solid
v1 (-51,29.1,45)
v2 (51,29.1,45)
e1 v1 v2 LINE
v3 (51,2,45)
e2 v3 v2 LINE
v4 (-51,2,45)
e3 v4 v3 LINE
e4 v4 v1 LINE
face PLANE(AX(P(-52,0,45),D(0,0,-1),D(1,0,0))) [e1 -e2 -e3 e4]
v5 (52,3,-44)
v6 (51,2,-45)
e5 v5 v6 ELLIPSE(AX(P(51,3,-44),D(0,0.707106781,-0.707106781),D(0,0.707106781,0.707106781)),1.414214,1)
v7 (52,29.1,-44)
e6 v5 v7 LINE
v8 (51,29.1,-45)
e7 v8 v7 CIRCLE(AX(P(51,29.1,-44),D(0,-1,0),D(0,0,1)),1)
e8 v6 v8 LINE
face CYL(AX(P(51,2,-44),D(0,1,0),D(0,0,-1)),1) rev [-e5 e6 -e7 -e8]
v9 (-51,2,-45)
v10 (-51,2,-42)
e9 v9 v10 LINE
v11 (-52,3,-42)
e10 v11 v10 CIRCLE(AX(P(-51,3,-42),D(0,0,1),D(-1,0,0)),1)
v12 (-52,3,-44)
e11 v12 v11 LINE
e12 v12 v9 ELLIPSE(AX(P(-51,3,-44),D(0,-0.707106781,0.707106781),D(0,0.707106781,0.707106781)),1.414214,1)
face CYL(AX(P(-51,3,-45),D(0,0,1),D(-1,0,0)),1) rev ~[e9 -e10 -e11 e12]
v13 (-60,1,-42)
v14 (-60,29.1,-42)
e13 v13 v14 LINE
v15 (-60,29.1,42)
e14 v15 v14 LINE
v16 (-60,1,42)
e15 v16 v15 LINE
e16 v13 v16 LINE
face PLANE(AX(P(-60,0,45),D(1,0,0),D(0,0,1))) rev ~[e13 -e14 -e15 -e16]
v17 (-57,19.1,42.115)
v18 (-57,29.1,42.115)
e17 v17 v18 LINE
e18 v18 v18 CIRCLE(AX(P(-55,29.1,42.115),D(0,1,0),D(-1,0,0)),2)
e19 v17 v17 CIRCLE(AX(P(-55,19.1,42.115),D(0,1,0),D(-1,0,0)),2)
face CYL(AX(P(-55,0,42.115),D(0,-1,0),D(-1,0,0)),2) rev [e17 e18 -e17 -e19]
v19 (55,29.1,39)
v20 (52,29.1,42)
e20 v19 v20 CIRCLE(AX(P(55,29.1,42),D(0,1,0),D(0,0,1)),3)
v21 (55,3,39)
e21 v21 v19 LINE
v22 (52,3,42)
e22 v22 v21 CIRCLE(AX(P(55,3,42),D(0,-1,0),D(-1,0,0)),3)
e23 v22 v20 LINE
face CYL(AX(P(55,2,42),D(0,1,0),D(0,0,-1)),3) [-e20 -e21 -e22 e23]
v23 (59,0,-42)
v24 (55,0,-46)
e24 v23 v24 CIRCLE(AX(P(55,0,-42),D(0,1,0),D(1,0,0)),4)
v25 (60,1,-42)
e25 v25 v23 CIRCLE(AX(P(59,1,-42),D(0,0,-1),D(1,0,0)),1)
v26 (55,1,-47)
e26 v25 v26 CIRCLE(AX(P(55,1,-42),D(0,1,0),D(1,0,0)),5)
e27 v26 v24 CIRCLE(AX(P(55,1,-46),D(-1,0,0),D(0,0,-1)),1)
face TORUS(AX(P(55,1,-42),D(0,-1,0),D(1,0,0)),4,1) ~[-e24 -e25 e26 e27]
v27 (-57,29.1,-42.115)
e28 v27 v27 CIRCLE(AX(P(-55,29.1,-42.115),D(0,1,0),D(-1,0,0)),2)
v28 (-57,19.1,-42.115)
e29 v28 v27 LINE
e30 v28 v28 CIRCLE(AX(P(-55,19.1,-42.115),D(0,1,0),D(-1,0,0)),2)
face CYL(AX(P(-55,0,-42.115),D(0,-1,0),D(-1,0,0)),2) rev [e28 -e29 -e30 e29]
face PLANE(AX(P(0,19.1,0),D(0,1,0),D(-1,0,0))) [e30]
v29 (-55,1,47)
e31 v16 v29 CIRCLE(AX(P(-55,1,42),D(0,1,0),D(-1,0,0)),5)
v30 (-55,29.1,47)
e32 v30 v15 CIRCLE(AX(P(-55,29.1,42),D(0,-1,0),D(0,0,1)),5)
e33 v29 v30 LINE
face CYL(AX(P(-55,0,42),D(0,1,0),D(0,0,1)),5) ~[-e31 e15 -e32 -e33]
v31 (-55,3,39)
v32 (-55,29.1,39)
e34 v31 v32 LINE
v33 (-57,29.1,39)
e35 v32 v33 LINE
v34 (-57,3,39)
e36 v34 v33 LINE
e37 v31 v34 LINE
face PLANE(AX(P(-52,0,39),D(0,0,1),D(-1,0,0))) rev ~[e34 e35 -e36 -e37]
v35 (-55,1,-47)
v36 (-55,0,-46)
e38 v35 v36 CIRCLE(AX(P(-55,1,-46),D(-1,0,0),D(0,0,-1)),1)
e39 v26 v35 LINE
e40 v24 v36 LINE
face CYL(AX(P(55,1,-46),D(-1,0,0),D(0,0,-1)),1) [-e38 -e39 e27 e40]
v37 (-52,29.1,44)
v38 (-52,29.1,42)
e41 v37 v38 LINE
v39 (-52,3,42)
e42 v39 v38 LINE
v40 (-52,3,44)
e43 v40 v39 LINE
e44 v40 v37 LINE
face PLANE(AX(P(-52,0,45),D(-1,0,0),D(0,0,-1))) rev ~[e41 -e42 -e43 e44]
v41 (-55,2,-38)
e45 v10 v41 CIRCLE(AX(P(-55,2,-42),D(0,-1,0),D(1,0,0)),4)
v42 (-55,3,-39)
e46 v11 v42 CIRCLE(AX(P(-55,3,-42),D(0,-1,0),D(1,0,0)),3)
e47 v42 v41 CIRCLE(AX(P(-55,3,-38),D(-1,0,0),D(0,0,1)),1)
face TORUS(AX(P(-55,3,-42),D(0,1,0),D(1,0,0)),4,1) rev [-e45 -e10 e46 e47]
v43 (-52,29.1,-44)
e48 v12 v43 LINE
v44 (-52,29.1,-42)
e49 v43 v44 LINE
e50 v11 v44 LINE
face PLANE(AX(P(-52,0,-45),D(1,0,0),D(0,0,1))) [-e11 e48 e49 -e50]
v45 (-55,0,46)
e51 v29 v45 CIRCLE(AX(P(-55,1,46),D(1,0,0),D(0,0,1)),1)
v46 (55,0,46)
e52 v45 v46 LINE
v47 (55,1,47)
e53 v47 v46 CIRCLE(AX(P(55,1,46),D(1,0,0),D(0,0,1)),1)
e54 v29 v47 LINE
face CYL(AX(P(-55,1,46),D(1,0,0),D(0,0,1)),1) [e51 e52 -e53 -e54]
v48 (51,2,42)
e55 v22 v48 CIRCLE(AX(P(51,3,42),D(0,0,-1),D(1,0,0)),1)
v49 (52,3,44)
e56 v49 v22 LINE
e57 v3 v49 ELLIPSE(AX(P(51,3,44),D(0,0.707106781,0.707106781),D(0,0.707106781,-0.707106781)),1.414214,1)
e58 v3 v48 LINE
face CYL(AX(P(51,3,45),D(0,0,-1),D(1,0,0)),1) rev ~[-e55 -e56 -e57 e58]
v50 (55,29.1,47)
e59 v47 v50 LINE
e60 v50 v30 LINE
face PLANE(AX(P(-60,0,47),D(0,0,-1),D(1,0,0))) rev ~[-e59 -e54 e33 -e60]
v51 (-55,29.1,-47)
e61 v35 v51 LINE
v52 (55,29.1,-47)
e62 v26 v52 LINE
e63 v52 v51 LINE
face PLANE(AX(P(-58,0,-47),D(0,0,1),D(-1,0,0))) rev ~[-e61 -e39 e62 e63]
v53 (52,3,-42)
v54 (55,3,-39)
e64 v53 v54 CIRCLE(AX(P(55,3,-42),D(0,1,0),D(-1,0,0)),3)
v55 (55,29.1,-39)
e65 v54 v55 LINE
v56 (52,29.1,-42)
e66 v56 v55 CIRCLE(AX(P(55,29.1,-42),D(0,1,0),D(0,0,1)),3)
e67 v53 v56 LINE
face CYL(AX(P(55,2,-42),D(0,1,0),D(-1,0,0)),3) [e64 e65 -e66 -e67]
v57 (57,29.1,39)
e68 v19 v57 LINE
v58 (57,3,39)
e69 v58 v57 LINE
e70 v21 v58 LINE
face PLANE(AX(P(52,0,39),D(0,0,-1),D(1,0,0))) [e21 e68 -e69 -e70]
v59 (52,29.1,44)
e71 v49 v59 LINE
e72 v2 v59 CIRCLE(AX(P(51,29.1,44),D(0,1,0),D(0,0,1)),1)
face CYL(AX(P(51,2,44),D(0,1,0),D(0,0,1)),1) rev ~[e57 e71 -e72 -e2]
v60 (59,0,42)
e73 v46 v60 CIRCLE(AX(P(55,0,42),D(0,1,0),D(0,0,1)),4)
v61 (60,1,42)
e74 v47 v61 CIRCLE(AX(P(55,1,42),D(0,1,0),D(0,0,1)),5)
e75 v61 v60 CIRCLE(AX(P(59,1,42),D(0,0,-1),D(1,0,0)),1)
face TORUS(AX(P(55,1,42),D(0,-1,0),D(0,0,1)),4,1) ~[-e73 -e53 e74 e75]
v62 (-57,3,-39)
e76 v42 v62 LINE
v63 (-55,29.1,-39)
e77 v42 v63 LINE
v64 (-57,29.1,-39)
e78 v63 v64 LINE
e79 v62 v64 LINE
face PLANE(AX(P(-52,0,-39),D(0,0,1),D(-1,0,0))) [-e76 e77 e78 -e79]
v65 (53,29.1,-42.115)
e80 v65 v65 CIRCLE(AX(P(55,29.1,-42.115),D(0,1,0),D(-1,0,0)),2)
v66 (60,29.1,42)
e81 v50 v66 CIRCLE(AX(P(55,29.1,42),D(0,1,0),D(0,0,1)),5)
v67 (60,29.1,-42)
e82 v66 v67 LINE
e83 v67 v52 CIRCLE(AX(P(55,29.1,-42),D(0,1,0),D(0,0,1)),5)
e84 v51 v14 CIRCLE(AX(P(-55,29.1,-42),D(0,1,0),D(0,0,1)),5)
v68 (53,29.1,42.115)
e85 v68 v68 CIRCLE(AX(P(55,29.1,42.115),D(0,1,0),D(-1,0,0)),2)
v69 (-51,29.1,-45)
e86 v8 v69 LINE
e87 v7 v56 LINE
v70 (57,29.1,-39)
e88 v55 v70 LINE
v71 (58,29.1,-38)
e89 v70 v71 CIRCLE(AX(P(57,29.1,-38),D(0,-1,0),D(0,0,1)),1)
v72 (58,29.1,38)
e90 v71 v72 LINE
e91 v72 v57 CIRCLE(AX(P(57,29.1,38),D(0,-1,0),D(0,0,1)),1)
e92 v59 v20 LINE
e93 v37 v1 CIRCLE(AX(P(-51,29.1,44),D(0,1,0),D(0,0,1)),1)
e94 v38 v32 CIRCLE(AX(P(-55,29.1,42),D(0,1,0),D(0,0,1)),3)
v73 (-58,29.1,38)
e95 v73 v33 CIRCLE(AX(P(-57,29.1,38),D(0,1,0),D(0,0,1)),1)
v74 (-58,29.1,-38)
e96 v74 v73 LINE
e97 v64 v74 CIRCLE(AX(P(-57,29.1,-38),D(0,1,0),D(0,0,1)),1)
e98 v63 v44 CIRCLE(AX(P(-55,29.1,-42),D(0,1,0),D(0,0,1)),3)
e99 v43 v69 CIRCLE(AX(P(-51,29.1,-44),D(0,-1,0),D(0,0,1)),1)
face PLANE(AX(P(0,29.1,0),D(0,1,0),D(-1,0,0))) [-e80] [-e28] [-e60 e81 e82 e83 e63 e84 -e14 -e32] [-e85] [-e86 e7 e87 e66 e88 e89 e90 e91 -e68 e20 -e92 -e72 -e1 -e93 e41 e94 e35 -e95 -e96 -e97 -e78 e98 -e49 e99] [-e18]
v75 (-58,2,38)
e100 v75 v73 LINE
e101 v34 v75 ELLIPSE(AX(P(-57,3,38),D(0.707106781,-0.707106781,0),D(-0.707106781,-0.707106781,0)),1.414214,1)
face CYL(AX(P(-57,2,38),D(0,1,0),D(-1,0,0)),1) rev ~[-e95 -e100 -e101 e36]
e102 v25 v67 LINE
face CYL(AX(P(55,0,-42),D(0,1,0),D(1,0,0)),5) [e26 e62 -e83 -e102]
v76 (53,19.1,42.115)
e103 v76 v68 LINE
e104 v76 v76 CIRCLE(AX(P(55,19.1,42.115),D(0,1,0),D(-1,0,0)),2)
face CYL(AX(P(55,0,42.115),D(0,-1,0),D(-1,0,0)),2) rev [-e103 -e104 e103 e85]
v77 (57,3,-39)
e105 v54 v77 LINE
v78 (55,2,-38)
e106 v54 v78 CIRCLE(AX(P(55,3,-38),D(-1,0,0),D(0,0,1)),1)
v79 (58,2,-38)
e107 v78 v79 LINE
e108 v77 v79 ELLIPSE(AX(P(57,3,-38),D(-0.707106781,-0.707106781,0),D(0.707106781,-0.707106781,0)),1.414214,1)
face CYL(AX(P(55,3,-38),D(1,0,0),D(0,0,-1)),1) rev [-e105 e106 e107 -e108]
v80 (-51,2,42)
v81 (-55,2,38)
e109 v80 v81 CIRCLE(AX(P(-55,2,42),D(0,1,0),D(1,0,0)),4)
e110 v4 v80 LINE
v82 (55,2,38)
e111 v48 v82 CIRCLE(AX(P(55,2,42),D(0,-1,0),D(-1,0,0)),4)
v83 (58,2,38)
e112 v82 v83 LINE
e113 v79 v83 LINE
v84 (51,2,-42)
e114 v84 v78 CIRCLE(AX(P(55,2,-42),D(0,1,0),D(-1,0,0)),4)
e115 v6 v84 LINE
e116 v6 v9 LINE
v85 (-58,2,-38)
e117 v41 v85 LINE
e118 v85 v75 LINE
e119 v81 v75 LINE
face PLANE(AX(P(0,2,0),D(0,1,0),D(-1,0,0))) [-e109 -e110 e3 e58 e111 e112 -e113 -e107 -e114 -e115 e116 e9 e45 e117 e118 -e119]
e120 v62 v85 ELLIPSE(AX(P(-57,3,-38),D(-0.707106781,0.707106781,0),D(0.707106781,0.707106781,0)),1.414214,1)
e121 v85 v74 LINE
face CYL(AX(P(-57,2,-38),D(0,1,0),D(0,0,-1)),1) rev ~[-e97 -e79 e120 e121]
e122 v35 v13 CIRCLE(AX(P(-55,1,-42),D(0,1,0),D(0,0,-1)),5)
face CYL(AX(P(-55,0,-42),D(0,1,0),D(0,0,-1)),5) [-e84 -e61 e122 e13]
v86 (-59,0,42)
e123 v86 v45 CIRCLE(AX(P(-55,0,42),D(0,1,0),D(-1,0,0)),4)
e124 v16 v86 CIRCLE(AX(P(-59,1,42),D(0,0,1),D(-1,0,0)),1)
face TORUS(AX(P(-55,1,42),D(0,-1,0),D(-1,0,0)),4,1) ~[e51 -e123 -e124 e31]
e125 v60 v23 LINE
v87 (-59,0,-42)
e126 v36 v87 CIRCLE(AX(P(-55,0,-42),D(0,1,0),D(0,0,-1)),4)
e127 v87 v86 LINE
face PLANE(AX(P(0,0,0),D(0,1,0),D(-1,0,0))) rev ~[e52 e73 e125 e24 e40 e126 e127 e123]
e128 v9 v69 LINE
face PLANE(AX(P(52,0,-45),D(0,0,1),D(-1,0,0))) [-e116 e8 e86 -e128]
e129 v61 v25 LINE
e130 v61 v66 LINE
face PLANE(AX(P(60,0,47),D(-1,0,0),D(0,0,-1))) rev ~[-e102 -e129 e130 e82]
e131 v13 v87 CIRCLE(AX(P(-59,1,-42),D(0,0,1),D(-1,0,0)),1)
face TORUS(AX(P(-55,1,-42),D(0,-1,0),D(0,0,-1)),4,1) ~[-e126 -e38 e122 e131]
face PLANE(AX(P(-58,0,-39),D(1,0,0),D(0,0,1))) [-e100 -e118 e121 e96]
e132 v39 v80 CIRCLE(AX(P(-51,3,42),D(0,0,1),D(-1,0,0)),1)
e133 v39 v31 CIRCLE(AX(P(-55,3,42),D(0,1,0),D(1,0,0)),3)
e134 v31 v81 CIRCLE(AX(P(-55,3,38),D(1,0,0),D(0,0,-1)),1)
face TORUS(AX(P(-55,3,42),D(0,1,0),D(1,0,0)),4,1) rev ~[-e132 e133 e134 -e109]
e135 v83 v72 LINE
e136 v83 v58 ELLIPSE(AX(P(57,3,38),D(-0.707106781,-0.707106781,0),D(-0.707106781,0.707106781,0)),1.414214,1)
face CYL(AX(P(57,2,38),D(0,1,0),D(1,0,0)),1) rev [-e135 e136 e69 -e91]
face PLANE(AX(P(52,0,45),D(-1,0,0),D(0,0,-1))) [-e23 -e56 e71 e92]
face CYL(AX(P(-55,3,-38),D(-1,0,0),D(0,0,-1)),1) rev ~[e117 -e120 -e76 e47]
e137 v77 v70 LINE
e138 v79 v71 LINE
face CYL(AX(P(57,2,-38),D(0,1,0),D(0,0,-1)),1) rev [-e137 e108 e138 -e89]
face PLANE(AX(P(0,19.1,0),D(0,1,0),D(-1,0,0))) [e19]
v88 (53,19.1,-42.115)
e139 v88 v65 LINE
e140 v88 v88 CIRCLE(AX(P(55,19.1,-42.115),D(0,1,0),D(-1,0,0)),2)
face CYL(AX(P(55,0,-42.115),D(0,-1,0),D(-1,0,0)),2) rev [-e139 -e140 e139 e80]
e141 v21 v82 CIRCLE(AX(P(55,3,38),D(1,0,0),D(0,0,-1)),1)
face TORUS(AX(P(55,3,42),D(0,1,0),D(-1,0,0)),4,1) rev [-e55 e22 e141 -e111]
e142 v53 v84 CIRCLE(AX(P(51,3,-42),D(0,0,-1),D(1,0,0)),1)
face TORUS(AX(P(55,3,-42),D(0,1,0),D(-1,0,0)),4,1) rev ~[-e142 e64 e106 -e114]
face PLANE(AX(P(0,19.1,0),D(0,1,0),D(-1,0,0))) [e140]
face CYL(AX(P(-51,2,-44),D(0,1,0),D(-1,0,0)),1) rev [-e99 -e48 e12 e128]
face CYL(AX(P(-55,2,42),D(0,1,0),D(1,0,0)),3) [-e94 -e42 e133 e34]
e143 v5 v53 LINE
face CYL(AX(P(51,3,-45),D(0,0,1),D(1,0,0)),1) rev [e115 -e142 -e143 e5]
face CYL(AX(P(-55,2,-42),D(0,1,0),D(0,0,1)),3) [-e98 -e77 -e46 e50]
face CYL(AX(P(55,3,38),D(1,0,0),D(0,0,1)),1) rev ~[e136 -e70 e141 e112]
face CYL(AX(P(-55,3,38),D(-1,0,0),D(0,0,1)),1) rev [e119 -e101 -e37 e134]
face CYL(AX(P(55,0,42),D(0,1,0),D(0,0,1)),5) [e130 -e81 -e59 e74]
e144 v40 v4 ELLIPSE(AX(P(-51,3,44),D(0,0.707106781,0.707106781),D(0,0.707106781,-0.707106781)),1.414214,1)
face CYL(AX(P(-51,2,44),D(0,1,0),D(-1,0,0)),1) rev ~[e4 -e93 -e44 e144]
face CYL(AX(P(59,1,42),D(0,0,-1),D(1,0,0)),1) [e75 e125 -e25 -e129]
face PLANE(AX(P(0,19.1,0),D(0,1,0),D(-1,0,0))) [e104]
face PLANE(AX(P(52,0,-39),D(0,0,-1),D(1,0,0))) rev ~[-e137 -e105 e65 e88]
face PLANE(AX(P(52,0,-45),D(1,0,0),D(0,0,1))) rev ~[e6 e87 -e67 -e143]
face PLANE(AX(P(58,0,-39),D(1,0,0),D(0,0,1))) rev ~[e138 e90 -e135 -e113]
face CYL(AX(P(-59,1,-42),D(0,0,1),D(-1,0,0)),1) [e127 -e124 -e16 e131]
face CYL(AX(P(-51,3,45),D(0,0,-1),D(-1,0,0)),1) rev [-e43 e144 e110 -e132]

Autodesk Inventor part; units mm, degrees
ref_plane "YZ Plane" through (0, 0, 0) normal (1, 0, 0) x (0, 1, 0)
ref_plane "XZ Plane" through (0, 0, 0) normal (0, 1, 0) x (-1, 0, 0)
ref_plane "XY Plane" through (0, 0, 0) normal (0, 0, 1) x (1, 0, 0)
sketch "Esquisse1" plane through (0, 0, 0) normal (0, 1, 0) x (-1, 0, 0)
  line L0 (60, 47) -> (-60, 47)
  line L1 (-60, 47) -> (-60, -47)
  line L2 (-60, -47) -> (60, -47)
  line L3 (60, -47) -> (60, 47)
  line L4 (60, 47) -> (-60, -47) construction
  line L5 (-60, 47) -> (60, -47) construction
  line L6 (60, -47) -> (52, -47)
  line L7 (52, -47) -> (52, -39)
  line L8 (52, -39) -> (60, -39)
  line L9 (60, -39) -> (60, -47)
  line L10 (-60, -47) -> (-52, -47)
  line L11 (-52, -47) -> (-52, -39)
  line L12 (-52, -39) -> (-60, -39)
  line L13 (-60, -39) -> (-60, -47)
  line L14 (60, 47) -> (52, 47)
  line L15 (52, 47) -> (52, 39)
  line L16 (52, 39) -> (60, 39)
  line L17 (60, 39) -> (60, 47)
  line L18 (-60, 47) -> (-52, 47)
  line L19 (-52, 47) -> (-52, 39)
  line L20 (-52, 39) -> (-60, 39)
  line L21 (-60, 39) -> (-60, 47)
  circle A0 centre (-55, -42.115) radius 2
  line L22 (0, -47.6968) -> (0, 50.167) construction
  line L23 (81.8074, 0) -> (-86.221, 0) construction
  circle A1 centre (55, -42.115) radius 2
  circle A2 centre (-55, 42.115) radius 2
  circle A3 centre (55, 42.115) radius 2
  line L24 (58, -47) -> (58, 47)
  line L25 (60, 45) -> (-60, 45)
  line L26 (-60, -45) -> (60, -45)
  line L27 (-58, -47) -> (-58, 47)
  point P0 (0, 0)
  point P1 (-58, 39)
  point P2 (-58, -39)
  point P3 (-52, -45)
  point P4 (52, -45)
  point P5 (58, -39)
  point P6 (58, 39)
  point P7 (52, 45)
  point P8 (-52, 45)
  dimension "d0" = 120
  dimension "d1" = 94
  dimension "d2" = 8
  dimension "d3" = 8
  dimension "d4" = 8
  dimension "d5" = 8
  dimension "d6" = 8
  dimension "d8" = 4
  dimension "d9" = 55
  dimension "d10" = 42.115
  dimension "d11" = 8
  dimension "d12" = 2
  dimension "d13" = 2
  dimension "d14" = 2
  dimension "d15" = 2
extrude "Extrusion1" add sketch "Esquisse1" along normal blind 2 contours L15 L16 L24 L8 L7 L26 L11 L12 L27 L20 L19 L25
extrude "Extrusion2" add sketch "Esquisse1" along normal blind 29.1 contours L3 L25 L24 L0 | L24 L25 L15 L0 | L3 L16 L24 L25 | L15 L25 L19 L0 | L24 L16 L15 L25 | L3 L8 L24 L16 | L19 L25 L27 L0 | L3 L26 L24 L8 | L27 L25 L1 L0 | L19 L20 L27 L25 | L24 L26 L7 L8 | L3 L2 L24 L26 | L27 L20 L1 L25 | L24 L2 L7 L26 | L27 L12 L1 L20 | L7 L2 L11 L26 | L27 L26 L1 L12 | L12 L11 L26 L27 | L11 L2 L27 L26 | L27 L2 L1 L26
fillet "Congé1" radius 5 4 edges at (-60, 14.55, 47) (-60, 14.55, -47) (60, 14.55, -47) (60, 14.55, 47)
fillet "Congé2" radius 3 4 edges at (-52, 15.55, -39) (-52, 15.55, 39) (52, 15.55, -39) (52, 15.55, 39)
fillet "Congé3" radius 1 16 edges at (-58, 15.55, -39) (-52, 15.55, -45) (-52, 2, -43.5) (-56.5, 2, -39) (56.5, 2, -39) (52, 2, -43.5) (52, 15.55, -45) (58, 15.55, -39) (58, 15.55, 39) (52, 15.55, 45) (52, 2, 43.5) (56.5, 2, 39) (-56.5, 2, 39) (-52, 2, 43.5) (-58, 15.55, 39) (-52, 15.55, 45)
extrude "Extrusion3" add sketch "Esquisse1" along normal blind 19.1 contours A0 | A1 | A2 | A3
thread "Filetage1" size "M4x0.7" class "6H" standard "ANSI Metric M Profile" length 40
thread "Filetage2" size "M4x0.7" class "6H" standard "ANSI Metric M Profile" length 40
thread "Filetage3" size "M4x0.7" class "6H" standard "ANSI Metric M Profile" length 40
thread "Filetage4" size "M4x0.7" class "6H" standard "ANSI Metric M Profile" length 40
fillet "Congé4" radius 1 4 edges at (0, 0, 47) (60, 0, 0) (0, 0, -47) (-60, 0, 0)
sketch "Esquisse2" plane through (0, 29.1, 0) normal (0, 1, 0) x (1, 0, 0)
  arc A0 (55, -47) -> (60, -42) centre (55, -42) ccw projected
  line L0 (60, -42) -> (60, 42) projected
  arc A1 (60, 42) -> (55, 47) centre (55, 42) ccw projected
  line L1 (55, 47) -> (-55, 47) projected
  arc A2 (-55, 47) -> (-60, 42) centre (-55, 42) ccw projected
  line L2 (-60, 42) -> (-60, -42) projected
  arc A3 (-60, -42) -> (-55, -47) centre (-55, -42) ccw projected
  line L3 (-55, -47) -> (55, -47) projected
  circle A4 centre (55, 42.115) radius 2 projected
  circle A5 centre (55, -42.115) radius 2 projected
  circle A6 centre (-55, 42.115) radius 2 projected
  circle A7 centre (-55, -42.115) radius 2 projected
  arc A8 (55, -39) -> (52, -42) centre (55, -42) ccw projected
  line L4 (52, -42) -> (52, -44) projected
  arc A9 (51, -45) -> (52, -44) centre (51, -44) ccw projected
  line L5 (51, -45) -> (-51, -45) projected
  arc A10 (-52, -44) -> (-51, -45) centre (-51, -44) ccw projected
  line L6 (-52, -44) -> (-52, -42) projected
  arc A11 (-52, -42) -> (-55, -39) centre (-55, -42) ccw projected
  line L7 (-55, -39) -> (-57, -39) projected
  arc A12 (-58, -38) -> (-57, -39) centre (-57, -38) ccw projected
  line L8 (-58, -38) -> (-58, 38) projected
  arc A13 (-57, 39) -> (-58, 38) centre (-57, 38) ccw projected
  line L9 (-57, 39) -> (-55, 39) projected
  arc A14 (-55, 39) -> (-52, 42) centre (-55, 42) ccw projected
  line L10 (-52, 42) -> (-52, 44) projected
  arc A15 (-51, 45) -> (-52, 44) centre (-51, 44) ccw projected
  line L11 (-51, 45) -> (51, 45) projected
  arc A16 (52, 44) -> (51, 45) centre (51, 44) ccw projected
  line L12 (52, 44) -> (52, 42) projected
  arc A17 (52, 42) -> (55, 39) centre (55, 42) ccw projected
  line L13 (55, 39) -> (57, 39) projected
  arc A18 (58, 38) -> (57, 39) centre (57, 38) ccw projected
  line L14 (58, 38) -> (58, -38) projected
  arc A19 (57, -39) -> (58, -38) centre (57, -38) ccw projected
  line L15 (57, -39) -> (55, -39) projected
  point P0 (0, 0)
properties part number "Boitier_aluminium"
